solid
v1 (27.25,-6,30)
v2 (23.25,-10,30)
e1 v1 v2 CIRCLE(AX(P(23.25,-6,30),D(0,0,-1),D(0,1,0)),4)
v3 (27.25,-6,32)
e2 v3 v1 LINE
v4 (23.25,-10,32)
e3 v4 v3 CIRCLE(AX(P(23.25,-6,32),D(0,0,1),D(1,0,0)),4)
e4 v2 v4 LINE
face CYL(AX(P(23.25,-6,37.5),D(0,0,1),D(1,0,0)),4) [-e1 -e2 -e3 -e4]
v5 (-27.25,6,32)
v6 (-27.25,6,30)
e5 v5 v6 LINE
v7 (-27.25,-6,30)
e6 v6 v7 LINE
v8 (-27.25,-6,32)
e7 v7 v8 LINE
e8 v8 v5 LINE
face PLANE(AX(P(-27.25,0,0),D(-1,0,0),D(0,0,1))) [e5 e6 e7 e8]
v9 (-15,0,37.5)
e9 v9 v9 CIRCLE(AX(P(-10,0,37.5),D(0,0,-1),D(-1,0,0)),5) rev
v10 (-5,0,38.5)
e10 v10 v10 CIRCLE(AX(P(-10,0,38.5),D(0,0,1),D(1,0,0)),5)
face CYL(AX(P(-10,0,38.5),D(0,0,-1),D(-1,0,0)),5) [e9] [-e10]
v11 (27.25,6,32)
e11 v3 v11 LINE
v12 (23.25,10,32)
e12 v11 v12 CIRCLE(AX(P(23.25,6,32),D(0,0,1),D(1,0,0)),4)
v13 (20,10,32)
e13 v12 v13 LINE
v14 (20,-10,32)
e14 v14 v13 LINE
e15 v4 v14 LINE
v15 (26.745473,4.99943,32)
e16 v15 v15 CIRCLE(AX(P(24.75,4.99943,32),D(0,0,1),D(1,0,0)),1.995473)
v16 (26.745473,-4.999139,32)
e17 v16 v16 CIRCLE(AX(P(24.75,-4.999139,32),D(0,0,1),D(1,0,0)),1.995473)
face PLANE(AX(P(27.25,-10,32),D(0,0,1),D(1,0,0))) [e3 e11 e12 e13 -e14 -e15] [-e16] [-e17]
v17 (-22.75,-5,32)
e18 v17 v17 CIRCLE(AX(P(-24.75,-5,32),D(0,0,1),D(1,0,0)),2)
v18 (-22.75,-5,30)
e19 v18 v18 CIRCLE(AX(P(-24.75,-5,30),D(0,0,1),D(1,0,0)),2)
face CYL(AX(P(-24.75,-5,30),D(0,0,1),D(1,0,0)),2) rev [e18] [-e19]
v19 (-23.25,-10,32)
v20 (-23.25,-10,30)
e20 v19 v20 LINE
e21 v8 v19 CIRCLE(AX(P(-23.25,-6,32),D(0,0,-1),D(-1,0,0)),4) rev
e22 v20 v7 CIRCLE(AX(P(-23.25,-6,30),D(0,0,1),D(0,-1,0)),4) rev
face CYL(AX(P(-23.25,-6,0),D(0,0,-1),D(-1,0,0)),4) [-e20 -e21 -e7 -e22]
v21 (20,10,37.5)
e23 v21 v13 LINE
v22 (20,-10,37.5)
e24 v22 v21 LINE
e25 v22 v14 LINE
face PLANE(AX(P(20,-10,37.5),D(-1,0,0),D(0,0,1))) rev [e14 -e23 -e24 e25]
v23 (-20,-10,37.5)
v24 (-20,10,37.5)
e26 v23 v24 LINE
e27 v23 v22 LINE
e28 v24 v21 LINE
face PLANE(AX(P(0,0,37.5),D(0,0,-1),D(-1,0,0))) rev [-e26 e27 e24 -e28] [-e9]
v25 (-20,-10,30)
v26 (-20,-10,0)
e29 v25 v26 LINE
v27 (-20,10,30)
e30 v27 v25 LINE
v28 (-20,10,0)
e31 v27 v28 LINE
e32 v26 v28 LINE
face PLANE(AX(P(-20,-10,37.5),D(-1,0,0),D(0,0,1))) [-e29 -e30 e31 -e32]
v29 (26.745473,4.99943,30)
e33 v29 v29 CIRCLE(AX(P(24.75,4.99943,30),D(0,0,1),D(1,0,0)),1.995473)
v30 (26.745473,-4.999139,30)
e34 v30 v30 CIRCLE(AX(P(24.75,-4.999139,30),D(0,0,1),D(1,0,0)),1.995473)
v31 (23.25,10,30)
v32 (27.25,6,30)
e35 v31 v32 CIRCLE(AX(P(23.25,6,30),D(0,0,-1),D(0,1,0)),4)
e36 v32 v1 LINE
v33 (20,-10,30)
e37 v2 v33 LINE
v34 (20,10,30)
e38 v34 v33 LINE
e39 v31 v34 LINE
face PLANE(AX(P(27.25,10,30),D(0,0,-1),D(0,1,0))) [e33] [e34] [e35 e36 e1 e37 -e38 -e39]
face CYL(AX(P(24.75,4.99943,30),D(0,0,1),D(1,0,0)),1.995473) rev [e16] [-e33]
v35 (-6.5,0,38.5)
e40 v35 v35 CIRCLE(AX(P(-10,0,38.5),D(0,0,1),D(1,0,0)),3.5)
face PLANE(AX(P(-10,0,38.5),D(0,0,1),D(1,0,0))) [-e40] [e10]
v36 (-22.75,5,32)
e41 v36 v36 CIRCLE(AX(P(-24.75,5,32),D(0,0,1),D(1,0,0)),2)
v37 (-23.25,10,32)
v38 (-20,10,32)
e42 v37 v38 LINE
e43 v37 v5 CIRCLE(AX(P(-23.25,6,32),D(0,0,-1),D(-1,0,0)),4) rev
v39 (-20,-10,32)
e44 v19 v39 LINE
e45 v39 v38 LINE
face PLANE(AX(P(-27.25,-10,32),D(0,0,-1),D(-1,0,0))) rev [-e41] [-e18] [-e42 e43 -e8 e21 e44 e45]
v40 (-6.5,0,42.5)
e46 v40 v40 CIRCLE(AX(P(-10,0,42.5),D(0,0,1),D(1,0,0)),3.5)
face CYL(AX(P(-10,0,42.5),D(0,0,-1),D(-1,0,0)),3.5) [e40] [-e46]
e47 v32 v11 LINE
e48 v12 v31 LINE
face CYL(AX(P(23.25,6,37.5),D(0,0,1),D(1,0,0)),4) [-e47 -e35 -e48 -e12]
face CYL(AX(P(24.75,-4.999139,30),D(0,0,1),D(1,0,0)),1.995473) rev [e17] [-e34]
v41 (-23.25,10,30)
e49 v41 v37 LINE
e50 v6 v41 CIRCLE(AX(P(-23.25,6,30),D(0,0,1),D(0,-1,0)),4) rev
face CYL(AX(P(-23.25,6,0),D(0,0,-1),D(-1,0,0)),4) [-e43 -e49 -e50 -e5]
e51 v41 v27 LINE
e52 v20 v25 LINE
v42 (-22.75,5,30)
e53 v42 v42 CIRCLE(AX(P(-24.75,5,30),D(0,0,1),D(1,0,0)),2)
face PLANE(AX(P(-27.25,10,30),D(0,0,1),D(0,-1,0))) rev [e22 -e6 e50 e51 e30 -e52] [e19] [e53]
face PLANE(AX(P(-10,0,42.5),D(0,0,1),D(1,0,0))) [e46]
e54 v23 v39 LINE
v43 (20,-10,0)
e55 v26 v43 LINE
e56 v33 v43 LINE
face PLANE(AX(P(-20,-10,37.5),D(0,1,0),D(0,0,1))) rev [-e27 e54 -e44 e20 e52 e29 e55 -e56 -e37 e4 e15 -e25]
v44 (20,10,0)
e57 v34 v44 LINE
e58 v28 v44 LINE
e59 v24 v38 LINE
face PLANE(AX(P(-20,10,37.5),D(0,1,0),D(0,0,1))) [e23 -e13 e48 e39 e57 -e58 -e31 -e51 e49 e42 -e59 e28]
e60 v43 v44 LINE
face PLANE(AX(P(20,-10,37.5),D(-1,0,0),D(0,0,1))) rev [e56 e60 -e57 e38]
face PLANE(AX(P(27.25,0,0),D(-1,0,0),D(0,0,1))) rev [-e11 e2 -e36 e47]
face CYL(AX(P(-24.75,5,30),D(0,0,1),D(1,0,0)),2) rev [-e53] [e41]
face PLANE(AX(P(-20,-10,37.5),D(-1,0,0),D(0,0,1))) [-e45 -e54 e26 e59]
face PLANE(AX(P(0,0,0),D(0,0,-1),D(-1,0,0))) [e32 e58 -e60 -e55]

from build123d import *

# Parameters (mm, degrees)
SKETCH1_W           = 40
SKETCH1_H           = 20
BOSS_EXTRUDE2_DEPTH = 37.5
SKETCH2_W           = 2
SKETCH2_H           = 20
BOSS_EXTRUDE3_DEPTH = 7.25
SKETCH3_R           = 1.995473195
CUT_EXTRUDE1_DEPTH  = 2
FILLET3_R           = 4
SKETCH4_W           = 2
SKETCH4_H           = 20
BOSS_EXTRUDE4_DEPTH = 7.25
SKETCH5_R           = 2
CUT_EXTRUDE2_DEPTH  = 2
FILLET4_R           = 4
SKETCH6_R           = 5
BOSS_EXTRUDE5_DEPTH = 1
SKETCH7_R           = 3.5
BOSS_EXTRUDE7_DEPTH = 4


with BuildPart() as part:
    # Sketch1 → Boss-Extrude2 (new body)
    with BuildSketch(Plane.XY):
        Rectangle(SKETCH1_W, SKETCH1_H)
    extrude(amount=BOSS_EXTRUDE2_DEPTH)

    # Sketch2 → Boss-Extrude3 (add)
    with BuildSketch(Plane(origin=(20, 0, 0), x_dir=(0, 0, -1), z_dir=(1, 0, 0))):
        with Locations((-31, 0)):
            Rectangle(SKETCH2_W, SKETCH2_H)
    extrude(amount=BOSS_EXTRUDE3_DEPTH)

    # Sketch3 → Cut-Extrude1 (cut)
    with BuildSketch(Plane.XY.offset(32)):
        with Locations((24.75, -4.99913934)):
            Circle(SKETCH3_R)
        with Locations((24.75, 4.999429987)):
            Circle(SKETCH3_R)
    extrude(amount=-CUT_EXTRUDE1_DEPTH, mode=Mode.SUBTRACT)

    # Fillet3
    fillet3_edges = [part.edges().sort_by_distance(p)[0] for p in [
        (27.25, -10, 31),
        (27.25, 10, 31),
    ]]
    fillet(fillet3_edges, radius=FILLET3_R)

    # Sketch4 → Boss-Extrude4 (add)
    with BuildSketch(Plane.ZY.offset(20)):
        with Locations((31, 0)):
            Rectangle(SKETCH4_W, SKETCH4_H)
    extrude(amount=BOSS_EXTRUDE4_DEPTH)

    # Sketch5 → Cut-Extrude2 (cut)
    with BuildSketch(Plane.XY.offset(32)):
        with Locations((-24.75, 5)):
            Circle(SKETCH5_R)
        with Locations((-24.75, -5)):
            Circle(SKETCH5_R)
    extrude(amount=-CUT_EXTRUDE2_DEPTH, mode=Mode.SUBTRACT)

    # Fillet4
    fillet4_edges = [part.edges().sort_by_distance(p)[0] for p in [
        (-27.25, -10, 31),
        (-27.25, 10, 31),
    ]]
    fillet(fillet4_edges, radius=FILLET4_R)

    # Sketch6 → Boss-Extrude5 (add)
    with BuildSketch(Plane.XY.offset(37.5)):
        with Locations((-10, 0)):
            Circle(SKETCH6_R)
    extrude(amount=BOSS_EXTRUDE5_DEPTH)

    # Sketch7 → Boss-Extrude7 (add)
    with BuildSketch(Plane.XY.offset(38.5)):
        with Locations((-10, 0)):
            Circle(SKETCH7_R)
    extrude(amount=BOSS_EXTRUDE7_DEPTH)


solid = part.part
